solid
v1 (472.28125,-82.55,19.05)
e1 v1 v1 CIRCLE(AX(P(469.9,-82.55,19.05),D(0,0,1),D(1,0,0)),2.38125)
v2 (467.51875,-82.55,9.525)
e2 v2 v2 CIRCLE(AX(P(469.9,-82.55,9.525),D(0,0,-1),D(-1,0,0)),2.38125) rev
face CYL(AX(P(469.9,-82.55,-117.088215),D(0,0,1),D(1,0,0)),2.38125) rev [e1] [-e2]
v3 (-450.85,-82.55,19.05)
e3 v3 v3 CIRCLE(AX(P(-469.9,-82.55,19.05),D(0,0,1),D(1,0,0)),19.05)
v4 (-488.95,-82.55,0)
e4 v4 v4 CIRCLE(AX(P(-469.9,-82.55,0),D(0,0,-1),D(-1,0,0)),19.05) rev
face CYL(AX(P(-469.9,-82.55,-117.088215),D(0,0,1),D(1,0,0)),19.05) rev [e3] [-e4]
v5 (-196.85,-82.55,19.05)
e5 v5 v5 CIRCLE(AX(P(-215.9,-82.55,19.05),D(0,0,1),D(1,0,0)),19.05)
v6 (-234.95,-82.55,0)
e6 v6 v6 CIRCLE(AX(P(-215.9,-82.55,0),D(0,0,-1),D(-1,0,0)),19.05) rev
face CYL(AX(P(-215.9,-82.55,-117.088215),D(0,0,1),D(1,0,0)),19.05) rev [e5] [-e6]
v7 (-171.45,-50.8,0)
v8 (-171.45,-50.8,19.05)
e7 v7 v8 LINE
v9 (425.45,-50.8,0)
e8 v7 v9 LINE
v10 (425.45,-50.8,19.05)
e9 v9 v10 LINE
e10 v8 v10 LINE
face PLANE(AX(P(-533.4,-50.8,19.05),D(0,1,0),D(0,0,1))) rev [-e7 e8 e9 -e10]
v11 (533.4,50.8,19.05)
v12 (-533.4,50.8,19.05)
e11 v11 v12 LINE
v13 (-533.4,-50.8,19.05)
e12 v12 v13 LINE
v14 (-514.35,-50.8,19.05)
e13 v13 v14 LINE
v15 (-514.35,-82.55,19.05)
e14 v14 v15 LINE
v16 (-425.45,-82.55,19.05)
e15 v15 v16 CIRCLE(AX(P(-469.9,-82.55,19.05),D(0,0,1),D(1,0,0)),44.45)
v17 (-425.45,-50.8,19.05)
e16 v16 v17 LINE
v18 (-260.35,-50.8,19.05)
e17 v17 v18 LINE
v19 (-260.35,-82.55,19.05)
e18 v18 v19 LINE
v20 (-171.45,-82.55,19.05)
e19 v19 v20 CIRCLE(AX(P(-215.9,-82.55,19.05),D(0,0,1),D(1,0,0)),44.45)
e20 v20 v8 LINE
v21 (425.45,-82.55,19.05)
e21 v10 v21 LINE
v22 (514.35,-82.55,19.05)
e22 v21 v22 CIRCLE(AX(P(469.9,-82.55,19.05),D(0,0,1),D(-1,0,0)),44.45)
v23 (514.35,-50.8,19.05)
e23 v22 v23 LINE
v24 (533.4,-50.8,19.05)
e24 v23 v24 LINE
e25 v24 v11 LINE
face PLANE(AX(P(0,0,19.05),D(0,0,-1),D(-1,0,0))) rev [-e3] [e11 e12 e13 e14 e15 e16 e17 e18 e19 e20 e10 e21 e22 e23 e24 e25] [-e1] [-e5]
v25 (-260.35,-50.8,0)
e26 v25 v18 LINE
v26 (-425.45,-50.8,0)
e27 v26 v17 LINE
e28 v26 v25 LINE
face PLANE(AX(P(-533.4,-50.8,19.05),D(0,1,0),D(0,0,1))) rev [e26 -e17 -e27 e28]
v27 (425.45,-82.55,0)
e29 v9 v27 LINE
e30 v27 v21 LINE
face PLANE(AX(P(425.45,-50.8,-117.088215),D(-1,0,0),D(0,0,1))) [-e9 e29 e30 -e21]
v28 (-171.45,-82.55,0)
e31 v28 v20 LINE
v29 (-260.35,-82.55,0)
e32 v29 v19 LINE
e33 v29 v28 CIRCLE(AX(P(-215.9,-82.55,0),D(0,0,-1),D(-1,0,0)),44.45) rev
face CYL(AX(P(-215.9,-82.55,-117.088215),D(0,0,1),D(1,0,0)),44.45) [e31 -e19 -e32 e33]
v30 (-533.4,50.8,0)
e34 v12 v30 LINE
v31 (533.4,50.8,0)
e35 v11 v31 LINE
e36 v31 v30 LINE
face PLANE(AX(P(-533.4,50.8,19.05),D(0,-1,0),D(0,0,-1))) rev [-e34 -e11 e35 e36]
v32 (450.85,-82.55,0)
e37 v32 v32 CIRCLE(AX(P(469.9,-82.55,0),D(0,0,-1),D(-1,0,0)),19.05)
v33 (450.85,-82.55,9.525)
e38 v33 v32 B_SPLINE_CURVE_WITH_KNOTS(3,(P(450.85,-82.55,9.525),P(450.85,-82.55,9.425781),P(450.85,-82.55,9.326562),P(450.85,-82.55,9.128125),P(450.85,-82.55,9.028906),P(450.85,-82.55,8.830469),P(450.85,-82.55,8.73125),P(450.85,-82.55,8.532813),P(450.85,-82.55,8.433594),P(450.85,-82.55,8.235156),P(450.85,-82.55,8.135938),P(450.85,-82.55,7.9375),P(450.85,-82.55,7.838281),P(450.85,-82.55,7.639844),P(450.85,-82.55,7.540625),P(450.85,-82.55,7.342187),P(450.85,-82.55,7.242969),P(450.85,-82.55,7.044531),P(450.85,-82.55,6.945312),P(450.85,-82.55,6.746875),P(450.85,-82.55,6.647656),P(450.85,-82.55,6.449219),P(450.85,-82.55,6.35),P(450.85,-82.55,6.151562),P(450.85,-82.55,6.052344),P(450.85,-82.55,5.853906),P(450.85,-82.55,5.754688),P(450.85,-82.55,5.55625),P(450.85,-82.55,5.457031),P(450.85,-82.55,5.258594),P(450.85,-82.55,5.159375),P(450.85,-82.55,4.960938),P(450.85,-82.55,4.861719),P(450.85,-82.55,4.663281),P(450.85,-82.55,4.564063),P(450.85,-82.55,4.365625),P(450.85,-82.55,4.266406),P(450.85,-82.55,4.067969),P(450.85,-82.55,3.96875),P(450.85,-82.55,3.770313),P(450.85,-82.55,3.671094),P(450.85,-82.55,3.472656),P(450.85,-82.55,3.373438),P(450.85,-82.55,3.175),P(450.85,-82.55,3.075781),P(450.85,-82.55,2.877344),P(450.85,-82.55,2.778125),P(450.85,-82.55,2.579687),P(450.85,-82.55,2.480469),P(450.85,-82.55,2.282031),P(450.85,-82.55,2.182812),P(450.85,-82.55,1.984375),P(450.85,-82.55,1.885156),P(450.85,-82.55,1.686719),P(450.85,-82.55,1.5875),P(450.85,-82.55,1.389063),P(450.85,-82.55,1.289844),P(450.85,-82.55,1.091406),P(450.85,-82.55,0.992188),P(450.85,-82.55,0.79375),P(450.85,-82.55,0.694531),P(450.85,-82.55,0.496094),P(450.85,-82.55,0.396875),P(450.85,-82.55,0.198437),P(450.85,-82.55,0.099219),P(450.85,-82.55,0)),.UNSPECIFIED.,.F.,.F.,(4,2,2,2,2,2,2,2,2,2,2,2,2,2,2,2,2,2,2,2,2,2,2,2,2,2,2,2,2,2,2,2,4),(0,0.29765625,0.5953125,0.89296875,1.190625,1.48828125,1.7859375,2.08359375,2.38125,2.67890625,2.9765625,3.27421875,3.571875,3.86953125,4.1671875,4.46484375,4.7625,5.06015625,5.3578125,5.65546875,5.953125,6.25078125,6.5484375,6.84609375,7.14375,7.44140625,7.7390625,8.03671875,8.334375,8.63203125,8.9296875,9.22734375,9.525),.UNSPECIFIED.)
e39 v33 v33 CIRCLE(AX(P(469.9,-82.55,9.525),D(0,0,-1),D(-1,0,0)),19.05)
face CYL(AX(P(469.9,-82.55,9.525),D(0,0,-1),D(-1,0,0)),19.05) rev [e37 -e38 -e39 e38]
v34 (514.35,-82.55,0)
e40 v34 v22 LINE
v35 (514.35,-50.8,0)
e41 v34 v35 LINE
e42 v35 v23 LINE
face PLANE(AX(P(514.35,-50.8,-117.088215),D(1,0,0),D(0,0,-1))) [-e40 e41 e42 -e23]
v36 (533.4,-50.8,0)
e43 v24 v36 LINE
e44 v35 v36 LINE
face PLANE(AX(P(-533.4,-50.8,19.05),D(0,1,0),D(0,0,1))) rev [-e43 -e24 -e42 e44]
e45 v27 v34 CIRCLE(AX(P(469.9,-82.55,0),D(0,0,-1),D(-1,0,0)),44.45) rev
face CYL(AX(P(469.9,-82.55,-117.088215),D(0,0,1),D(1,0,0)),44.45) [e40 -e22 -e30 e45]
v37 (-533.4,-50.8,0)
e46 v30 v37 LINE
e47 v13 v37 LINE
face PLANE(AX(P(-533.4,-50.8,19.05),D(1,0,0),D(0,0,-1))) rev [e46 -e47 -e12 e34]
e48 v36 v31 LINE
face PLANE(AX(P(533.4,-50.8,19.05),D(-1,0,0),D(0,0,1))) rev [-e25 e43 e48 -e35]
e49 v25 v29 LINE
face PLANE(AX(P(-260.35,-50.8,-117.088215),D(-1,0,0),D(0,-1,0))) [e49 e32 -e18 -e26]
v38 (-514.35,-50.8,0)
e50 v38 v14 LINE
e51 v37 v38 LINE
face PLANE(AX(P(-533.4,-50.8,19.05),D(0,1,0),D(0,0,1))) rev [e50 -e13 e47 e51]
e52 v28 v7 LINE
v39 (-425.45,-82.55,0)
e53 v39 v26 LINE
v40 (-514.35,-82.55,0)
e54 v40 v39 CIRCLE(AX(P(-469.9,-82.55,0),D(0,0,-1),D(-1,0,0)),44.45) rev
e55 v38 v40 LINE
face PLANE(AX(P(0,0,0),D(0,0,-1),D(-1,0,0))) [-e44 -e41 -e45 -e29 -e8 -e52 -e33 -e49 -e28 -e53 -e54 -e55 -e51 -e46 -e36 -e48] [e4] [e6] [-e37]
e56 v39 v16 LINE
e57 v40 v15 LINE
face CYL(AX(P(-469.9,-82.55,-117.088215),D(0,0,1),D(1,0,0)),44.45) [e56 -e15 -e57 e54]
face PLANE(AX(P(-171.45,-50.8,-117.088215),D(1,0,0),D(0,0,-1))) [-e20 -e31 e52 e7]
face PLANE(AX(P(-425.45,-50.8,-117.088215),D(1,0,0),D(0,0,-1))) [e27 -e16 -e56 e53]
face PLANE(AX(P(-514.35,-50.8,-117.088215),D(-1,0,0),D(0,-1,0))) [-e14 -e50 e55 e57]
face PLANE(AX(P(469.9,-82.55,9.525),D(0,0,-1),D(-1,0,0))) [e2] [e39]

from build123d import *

# Parameters (mm, degrees)
SKETCH1_W           = 1066.8
SKETCH1_H           = 101.6
BOSS_EXTRUDE1_DEPTH = 19.05
SKETCH2_R           = 19.05
SKETCH2_R_2         = 2.38125
BOSS_EXTRUDE2_DEPTH = 19.05
SKETCH4_R           = 19.05
CUT_EXTRUDE1_DEPTH  = 9.525


with BuildPart() as part:
    # Sketch1 → Boss-Extrude1 (new body)
    with BuildSketch(Plane.XY):
        Rectangle(SKETCH1_W, SKETCH1_H)
    extrude(amount=BOSS_EXTRUDE1_DEPTH)

    # Sketch2 → Boss-Extrude2 (add)
    # profile 1 of 3: a face of its own
    with BuildSketch(Plane.XY.offset(19.05)):
        with BuildLine():
            Line((-514.35, -50.8), (-425.45, -50.8))
            Line((-425.45, -50.8), (-425.45, -82.55))
            ThreePointArc((-425.45, -82.55), (-469.9, -127), (-514.35, -82.55))
            Line((-514.35, -82.55), (-514.35, -50.8))
        make_face()
        with Locations((-469.9, -82.55)):
            Circle(SKETCH2_R, mode=Mode.SUBTRACT)
    # profile 2 of 3: a face of its own
    with BuildSketch(Plane.XY.offset(19.05)):
        with BuildLine():
            Line((514.35, -50.8), (425.45, -50.8))
            Line((425.45, -50.8), (425.45, -82.55))
            ThreePointArc((425.45, -82.55), (469.9, -127), (514.35, -82.55))
            Line((514.35, -82.55), (514.35, -50.8))
        make_face()
        with Locations((469.9, -82.55)):
            Circle(SKETCH2_R_2, mode=Mode.SUBTRACT)
    # profile 3 of 3: a face of its own
    with BuildSketch(Plane.XY.offset(19.05)):
        with BuildLine():
            Line((-260.35, -50.8), (-171.45, -50.8))
            Line((-171.45, -50.8), (-171.45, -82.55))
            ThreePointArc((-171.45, -82.55), (-215.9, -127), (-260.35, -82.55))
            Line((-260.35, -82.55), (-260.35, -50.8))
        make_face()
        with Locations((-215.9, -82.55)):
            Circle(SKETCH2_R, mode=Mode.SUBTRACT)
    extrude(amount=-BOSS_EXTRUDE2_DEPTH)

    # Sketch4 → Cut-Extrude1 (cut)
    with BuildSketch(Plane(origin=(0, 0, 0), x_dir=(-1, 0, 0), z_dir=(0, 0, -1))):
        with Locations((-469.9, -82.55)):
            Circle(SKETCH4_R)
    extrude(amount=-CUT_EXTRUDE1_DEPTH, mode=Mode.SUBTRACT)


solid = part.part
